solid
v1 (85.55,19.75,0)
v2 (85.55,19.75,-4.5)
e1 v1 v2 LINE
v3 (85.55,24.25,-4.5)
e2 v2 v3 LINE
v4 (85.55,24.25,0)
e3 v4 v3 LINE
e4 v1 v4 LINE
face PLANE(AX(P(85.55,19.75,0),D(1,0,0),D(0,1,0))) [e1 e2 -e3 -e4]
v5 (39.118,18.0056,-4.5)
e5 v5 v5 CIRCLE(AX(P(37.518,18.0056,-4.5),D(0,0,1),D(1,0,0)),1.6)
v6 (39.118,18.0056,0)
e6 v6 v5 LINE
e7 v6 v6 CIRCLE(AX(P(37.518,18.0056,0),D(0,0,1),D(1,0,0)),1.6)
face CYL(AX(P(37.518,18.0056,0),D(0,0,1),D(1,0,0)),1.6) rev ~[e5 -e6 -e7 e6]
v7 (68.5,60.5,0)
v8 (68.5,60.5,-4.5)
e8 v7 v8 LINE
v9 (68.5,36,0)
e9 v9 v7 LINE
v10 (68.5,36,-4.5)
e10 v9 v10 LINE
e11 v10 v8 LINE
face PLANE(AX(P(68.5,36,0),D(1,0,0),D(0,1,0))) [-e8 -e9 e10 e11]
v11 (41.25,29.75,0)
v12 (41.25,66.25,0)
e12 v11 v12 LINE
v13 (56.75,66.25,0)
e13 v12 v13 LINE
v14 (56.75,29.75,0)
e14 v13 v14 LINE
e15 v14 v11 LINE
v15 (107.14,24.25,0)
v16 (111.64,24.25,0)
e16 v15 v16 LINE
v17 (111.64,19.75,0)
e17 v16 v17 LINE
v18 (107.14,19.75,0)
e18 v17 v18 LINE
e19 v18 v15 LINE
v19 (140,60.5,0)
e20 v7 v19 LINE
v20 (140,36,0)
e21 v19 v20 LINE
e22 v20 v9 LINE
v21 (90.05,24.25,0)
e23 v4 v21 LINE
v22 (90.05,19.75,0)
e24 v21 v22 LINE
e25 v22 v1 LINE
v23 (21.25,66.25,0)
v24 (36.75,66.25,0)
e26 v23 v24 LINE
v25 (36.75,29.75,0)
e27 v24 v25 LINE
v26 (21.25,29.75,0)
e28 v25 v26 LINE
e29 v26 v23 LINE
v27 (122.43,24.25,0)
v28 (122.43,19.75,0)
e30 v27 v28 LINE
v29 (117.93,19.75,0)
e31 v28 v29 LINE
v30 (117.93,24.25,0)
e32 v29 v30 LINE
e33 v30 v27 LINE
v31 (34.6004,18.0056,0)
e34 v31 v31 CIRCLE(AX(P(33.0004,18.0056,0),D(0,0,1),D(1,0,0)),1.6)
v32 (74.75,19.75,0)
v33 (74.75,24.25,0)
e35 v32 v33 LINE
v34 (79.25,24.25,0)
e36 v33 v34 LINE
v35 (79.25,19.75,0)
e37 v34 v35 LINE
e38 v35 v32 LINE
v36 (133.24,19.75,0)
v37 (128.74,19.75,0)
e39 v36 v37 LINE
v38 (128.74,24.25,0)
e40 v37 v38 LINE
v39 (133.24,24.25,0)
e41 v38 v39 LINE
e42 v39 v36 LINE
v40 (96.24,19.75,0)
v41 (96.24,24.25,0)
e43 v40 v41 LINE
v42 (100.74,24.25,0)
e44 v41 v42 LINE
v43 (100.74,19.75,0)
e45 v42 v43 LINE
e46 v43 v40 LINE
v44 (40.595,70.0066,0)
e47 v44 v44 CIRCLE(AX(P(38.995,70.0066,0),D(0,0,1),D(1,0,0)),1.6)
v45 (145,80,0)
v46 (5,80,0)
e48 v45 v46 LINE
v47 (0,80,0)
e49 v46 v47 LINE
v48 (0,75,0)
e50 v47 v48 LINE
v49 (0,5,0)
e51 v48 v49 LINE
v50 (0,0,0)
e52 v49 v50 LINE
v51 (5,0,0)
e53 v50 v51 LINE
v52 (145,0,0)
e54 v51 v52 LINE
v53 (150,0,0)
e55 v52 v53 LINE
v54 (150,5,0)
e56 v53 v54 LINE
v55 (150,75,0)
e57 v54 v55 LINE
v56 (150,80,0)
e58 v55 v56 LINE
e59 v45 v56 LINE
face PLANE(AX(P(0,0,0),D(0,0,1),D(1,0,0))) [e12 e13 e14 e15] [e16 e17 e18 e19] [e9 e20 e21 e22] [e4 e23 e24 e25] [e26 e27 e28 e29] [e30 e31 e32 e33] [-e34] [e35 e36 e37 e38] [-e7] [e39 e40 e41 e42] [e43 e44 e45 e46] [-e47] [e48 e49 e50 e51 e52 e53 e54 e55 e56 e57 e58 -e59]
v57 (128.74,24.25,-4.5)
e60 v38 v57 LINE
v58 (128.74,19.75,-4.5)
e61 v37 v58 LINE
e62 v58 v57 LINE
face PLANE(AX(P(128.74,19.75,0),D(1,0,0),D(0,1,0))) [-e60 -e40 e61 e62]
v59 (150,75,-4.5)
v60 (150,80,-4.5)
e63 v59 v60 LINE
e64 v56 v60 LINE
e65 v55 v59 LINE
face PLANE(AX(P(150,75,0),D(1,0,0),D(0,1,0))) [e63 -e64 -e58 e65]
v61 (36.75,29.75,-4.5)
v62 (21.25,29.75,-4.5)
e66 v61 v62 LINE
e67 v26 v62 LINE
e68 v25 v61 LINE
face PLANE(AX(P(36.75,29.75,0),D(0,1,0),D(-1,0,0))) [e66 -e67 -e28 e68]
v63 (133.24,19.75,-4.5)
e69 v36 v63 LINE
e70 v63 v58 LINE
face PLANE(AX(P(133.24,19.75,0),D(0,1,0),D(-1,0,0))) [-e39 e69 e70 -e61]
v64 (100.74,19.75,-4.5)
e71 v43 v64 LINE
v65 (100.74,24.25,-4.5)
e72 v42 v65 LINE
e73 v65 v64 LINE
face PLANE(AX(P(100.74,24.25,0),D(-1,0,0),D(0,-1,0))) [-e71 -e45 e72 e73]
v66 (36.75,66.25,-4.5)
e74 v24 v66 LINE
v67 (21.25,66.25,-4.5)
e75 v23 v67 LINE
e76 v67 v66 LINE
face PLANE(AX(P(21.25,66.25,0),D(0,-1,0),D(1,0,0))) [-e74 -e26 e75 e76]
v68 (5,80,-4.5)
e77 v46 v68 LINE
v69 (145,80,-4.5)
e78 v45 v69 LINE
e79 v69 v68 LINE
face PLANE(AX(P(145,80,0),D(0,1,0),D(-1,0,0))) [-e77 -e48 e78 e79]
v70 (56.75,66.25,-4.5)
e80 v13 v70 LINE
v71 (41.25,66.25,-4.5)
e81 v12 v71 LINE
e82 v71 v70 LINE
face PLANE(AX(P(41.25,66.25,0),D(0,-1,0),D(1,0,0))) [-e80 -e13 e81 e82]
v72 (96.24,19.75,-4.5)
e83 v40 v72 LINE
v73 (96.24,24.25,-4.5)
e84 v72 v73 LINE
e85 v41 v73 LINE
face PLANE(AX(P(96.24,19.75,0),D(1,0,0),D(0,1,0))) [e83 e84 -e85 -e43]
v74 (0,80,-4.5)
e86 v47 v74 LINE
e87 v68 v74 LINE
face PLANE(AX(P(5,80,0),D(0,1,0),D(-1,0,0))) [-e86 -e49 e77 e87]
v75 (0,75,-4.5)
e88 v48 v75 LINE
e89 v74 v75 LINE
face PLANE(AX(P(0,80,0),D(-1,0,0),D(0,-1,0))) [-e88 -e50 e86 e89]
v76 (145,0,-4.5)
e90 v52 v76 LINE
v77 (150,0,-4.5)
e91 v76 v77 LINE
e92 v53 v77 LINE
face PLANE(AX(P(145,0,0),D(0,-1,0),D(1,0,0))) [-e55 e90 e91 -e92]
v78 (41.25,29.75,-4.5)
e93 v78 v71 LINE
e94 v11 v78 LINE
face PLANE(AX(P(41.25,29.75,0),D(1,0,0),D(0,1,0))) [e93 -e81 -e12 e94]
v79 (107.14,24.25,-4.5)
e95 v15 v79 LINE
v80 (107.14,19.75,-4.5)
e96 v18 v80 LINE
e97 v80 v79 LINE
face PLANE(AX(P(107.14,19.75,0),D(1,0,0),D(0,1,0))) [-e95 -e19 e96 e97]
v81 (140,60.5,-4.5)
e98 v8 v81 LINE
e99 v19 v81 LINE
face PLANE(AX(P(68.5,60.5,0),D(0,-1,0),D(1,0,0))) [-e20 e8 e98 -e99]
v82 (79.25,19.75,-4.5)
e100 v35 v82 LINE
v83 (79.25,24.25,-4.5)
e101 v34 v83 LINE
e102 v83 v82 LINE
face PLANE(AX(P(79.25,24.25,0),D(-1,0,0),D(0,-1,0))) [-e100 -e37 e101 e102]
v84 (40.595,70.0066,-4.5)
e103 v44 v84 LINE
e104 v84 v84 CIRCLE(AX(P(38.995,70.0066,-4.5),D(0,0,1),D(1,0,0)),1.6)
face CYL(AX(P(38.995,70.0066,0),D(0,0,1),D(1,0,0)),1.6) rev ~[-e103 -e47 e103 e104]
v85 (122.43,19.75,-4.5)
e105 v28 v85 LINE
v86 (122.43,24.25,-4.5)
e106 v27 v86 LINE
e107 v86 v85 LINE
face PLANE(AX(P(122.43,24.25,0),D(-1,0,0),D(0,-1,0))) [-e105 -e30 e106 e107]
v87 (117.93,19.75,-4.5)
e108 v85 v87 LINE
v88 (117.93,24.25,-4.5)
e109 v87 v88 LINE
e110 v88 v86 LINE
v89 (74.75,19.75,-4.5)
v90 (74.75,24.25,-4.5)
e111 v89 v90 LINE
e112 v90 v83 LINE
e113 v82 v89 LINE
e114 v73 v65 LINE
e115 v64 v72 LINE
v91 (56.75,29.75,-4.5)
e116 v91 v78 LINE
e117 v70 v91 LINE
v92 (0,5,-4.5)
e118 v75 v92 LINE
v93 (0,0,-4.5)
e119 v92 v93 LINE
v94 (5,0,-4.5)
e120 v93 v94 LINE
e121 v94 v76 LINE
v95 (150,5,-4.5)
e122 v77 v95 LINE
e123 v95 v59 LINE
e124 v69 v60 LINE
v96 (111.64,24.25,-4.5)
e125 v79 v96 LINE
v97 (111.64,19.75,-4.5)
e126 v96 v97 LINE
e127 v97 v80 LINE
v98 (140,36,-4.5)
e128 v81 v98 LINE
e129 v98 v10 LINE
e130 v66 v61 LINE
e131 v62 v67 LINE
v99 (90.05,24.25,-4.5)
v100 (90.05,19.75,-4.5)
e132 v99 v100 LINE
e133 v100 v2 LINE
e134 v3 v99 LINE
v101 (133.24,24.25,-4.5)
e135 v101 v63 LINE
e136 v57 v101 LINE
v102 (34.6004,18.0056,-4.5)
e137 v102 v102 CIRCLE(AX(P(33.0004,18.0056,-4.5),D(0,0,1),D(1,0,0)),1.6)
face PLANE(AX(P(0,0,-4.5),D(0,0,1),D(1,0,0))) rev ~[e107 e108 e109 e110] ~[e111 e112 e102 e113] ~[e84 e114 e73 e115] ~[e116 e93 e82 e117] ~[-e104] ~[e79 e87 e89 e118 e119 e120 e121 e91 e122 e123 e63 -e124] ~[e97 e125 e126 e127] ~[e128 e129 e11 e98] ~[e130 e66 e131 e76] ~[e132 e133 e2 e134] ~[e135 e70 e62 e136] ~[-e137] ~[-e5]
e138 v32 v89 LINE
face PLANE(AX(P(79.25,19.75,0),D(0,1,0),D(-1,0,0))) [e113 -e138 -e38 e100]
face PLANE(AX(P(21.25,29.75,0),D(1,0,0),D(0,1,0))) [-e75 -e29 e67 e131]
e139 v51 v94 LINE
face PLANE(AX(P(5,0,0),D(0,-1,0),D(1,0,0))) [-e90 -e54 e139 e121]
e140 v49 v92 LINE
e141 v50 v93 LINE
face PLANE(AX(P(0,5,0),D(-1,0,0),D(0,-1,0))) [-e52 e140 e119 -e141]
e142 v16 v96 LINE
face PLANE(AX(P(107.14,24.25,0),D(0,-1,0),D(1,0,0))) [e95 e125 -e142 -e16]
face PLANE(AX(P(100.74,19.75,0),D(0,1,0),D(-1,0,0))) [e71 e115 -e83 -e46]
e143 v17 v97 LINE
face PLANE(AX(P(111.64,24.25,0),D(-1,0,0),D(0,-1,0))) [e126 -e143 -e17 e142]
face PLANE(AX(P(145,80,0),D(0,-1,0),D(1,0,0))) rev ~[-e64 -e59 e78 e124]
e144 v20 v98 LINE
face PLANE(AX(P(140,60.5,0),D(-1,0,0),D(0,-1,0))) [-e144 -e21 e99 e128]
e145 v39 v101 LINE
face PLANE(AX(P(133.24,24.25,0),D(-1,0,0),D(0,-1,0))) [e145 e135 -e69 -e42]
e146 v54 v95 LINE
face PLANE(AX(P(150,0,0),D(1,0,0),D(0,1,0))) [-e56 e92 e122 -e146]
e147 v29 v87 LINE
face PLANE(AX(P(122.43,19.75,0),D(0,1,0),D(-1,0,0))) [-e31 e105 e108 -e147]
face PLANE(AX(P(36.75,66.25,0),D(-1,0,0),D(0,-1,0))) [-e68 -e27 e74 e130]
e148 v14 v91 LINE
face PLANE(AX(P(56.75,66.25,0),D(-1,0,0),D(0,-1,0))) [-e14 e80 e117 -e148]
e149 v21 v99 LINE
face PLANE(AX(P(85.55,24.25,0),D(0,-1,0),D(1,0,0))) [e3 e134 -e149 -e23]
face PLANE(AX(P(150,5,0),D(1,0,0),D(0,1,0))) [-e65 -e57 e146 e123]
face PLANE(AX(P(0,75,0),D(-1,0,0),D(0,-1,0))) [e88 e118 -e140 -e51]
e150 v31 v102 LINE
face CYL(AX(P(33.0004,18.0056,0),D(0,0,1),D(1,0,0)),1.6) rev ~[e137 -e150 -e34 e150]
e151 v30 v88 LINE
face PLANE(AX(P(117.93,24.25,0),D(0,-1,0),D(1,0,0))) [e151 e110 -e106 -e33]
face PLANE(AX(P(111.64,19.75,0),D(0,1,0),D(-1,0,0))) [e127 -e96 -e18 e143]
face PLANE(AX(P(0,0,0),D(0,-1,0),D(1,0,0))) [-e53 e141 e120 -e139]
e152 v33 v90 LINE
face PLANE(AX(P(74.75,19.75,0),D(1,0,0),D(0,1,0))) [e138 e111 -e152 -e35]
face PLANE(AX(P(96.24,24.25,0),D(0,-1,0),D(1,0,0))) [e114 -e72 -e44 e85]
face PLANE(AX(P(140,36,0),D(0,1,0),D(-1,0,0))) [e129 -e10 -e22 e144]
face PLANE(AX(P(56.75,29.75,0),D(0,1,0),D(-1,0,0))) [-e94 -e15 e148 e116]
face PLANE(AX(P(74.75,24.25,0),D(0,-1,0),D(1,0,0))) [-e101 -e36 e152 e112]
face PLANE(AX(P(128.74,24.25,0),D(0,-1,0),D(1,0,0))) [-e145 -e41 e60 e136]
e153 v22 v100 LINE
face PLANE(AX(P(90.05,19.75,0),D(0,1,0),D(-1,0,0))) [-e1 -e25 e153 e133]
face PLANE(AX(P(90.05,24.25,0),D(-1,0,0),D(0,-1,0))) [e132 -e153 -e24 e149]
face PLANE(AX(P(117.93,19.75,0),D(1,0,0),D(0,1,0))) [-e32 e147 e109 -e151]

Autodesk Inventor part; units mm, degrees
ref_plane "YZ Plane" through (0, 0, 0) normal (1, 0, 0) x (0, 1, 0)
ref_plane "XZ Plane" through (0, 0, 0) normal (0, 1, 0) x (-1, 0, 0)
ref_plane "XY Plane" through (0, 0, 0) normal (0, 0, 1) x (1, 0, 0)
sketch "Náčrt1" plane through (0, 0, 0) normal (0, 0, 1) x (1, 0, 0)
  line L0 (0, 75) -> (0, 5) projected
  line L1 (145, 80) -> (5, 80) projected
  line L2 (5, 0) -> (145, 0) projected
  line L3 (150, 5) -> (150, 75) projected
  line L4 (21.25, 29.75) -> (21.25, 66.25) projected
  line L5 (21.25, 66.25) -> (36.75, 66.25) projected
  line L6 (36.75, 66.25) -> (36.75, 29.75) projected
  line L7 (36.75, 29.75) -> (21.25, 29.75) projected
  line L8 (41.25, 29.75) -> (41.25, 66.25) projected
  line L9 (56.75, 29.75) -> (41.25, 29.75) projected
  line L10 (56.75, 66.25) -> (56.75, 29.75) projected
  line L11 (41.25, 66.25) -> (56.75, 66.25) projected
  line L12 (140, 36) -> (68.5, 36) projected
  line L13 (68.5, 36) -> (68.5, 60.5) projected
  line L14 (68.5, 60.5) -> (140, 60.5) projected
  line L15 (140, 60.5) -> (140, 36) projected
  line L16 (74.75, 19.75) -> (74.75, 24.25) projected
  line L17 (79.25, 24.25) -> (79.25, 19.75) projected
  line L18 (74.75, 24.25) -> (79.25, 24.25) projected
  line L19 (79.25, 19.75) -> (74.75, 19.75) projected
  line L20 (90.05, 19.75) -> (85.55, 19.75) projected
  line L21 (85.55, 19.75) -> (85.55, 24.25) projected
  line L22 (85.55, 24.25) -> (90.05, 24.25) projected
  line L23 (90.05, 24.25) -> (90.05, 19.75) projected
  line L24 (96.24, 19.75) -> (96.24, 24.25) projected
  line L25 (96.24, 24.25) -> (100.74, 24.25) projected
  line L26 (100.74, 19.75) -> (96.24, 19.75) projected
  line L27 (100.74, 24.25) -> (100.74, 19.75) projected
  line L28 (107.14, 19.75) -> (107.14, 24.25) projected
  line L29 (107.14, 24.25) -> (111.64, 24.25) projected
  line L30 (111.64, 19.75) -> (107.14, 19.75) projected
  line L31 (111.64, 24.25) -> (111.64, 19.75) projected
  line L32 (117.93, 19.75) -> (117.93, 24.25) projected
  line L33 (117.93, 24.25) -> (122.43, 24.25) projected
  line L34 (122.43, 19.75) -> (117.93, 19.75) projected
  line L35 (122.43, 24.25) -> (122.43, 19.75) projected
  line L36 (128.74, 19.75) -> (128.74, 24.25) projected
  line L37 (128.74, 24.25) -> (133.24, 24.25) projected
  line L38 (133.24, 19.75) -> (128.74, 19.75) projected
  line L39 (133.24, 24.25) -> (133.24, 19.75) projected
  circle A0 centre (38.995, 70.0066) radius 1.6
  circle A1 centre (33.0004, 18.0056) radius 1.6
  circle A2 centre (37.518, 18.0056) radius 1.6
  line L40 (5, 80) -> (0, 80)
  line L41 (0, 80) -> (0, 75)
  line L42 (0, 5) -> (0, 0)
  line L43 (0, 0) -> (5, 0)
  line L44 (145, 0) -> (150, 0)
  line L45 (150, 0) -> (150, 5)
  line L46 (150, 75) -> (150, 80)
  line L47 (145, 80) -> (150, 80)
  dimension "d0" = 3.2
  dimension "d1" = 3.2
  dimension "d2" = 3.2
extrude "Vysunutí1" add sketch "Náčrt1" against normal blind 4.5
properties part number "top"
